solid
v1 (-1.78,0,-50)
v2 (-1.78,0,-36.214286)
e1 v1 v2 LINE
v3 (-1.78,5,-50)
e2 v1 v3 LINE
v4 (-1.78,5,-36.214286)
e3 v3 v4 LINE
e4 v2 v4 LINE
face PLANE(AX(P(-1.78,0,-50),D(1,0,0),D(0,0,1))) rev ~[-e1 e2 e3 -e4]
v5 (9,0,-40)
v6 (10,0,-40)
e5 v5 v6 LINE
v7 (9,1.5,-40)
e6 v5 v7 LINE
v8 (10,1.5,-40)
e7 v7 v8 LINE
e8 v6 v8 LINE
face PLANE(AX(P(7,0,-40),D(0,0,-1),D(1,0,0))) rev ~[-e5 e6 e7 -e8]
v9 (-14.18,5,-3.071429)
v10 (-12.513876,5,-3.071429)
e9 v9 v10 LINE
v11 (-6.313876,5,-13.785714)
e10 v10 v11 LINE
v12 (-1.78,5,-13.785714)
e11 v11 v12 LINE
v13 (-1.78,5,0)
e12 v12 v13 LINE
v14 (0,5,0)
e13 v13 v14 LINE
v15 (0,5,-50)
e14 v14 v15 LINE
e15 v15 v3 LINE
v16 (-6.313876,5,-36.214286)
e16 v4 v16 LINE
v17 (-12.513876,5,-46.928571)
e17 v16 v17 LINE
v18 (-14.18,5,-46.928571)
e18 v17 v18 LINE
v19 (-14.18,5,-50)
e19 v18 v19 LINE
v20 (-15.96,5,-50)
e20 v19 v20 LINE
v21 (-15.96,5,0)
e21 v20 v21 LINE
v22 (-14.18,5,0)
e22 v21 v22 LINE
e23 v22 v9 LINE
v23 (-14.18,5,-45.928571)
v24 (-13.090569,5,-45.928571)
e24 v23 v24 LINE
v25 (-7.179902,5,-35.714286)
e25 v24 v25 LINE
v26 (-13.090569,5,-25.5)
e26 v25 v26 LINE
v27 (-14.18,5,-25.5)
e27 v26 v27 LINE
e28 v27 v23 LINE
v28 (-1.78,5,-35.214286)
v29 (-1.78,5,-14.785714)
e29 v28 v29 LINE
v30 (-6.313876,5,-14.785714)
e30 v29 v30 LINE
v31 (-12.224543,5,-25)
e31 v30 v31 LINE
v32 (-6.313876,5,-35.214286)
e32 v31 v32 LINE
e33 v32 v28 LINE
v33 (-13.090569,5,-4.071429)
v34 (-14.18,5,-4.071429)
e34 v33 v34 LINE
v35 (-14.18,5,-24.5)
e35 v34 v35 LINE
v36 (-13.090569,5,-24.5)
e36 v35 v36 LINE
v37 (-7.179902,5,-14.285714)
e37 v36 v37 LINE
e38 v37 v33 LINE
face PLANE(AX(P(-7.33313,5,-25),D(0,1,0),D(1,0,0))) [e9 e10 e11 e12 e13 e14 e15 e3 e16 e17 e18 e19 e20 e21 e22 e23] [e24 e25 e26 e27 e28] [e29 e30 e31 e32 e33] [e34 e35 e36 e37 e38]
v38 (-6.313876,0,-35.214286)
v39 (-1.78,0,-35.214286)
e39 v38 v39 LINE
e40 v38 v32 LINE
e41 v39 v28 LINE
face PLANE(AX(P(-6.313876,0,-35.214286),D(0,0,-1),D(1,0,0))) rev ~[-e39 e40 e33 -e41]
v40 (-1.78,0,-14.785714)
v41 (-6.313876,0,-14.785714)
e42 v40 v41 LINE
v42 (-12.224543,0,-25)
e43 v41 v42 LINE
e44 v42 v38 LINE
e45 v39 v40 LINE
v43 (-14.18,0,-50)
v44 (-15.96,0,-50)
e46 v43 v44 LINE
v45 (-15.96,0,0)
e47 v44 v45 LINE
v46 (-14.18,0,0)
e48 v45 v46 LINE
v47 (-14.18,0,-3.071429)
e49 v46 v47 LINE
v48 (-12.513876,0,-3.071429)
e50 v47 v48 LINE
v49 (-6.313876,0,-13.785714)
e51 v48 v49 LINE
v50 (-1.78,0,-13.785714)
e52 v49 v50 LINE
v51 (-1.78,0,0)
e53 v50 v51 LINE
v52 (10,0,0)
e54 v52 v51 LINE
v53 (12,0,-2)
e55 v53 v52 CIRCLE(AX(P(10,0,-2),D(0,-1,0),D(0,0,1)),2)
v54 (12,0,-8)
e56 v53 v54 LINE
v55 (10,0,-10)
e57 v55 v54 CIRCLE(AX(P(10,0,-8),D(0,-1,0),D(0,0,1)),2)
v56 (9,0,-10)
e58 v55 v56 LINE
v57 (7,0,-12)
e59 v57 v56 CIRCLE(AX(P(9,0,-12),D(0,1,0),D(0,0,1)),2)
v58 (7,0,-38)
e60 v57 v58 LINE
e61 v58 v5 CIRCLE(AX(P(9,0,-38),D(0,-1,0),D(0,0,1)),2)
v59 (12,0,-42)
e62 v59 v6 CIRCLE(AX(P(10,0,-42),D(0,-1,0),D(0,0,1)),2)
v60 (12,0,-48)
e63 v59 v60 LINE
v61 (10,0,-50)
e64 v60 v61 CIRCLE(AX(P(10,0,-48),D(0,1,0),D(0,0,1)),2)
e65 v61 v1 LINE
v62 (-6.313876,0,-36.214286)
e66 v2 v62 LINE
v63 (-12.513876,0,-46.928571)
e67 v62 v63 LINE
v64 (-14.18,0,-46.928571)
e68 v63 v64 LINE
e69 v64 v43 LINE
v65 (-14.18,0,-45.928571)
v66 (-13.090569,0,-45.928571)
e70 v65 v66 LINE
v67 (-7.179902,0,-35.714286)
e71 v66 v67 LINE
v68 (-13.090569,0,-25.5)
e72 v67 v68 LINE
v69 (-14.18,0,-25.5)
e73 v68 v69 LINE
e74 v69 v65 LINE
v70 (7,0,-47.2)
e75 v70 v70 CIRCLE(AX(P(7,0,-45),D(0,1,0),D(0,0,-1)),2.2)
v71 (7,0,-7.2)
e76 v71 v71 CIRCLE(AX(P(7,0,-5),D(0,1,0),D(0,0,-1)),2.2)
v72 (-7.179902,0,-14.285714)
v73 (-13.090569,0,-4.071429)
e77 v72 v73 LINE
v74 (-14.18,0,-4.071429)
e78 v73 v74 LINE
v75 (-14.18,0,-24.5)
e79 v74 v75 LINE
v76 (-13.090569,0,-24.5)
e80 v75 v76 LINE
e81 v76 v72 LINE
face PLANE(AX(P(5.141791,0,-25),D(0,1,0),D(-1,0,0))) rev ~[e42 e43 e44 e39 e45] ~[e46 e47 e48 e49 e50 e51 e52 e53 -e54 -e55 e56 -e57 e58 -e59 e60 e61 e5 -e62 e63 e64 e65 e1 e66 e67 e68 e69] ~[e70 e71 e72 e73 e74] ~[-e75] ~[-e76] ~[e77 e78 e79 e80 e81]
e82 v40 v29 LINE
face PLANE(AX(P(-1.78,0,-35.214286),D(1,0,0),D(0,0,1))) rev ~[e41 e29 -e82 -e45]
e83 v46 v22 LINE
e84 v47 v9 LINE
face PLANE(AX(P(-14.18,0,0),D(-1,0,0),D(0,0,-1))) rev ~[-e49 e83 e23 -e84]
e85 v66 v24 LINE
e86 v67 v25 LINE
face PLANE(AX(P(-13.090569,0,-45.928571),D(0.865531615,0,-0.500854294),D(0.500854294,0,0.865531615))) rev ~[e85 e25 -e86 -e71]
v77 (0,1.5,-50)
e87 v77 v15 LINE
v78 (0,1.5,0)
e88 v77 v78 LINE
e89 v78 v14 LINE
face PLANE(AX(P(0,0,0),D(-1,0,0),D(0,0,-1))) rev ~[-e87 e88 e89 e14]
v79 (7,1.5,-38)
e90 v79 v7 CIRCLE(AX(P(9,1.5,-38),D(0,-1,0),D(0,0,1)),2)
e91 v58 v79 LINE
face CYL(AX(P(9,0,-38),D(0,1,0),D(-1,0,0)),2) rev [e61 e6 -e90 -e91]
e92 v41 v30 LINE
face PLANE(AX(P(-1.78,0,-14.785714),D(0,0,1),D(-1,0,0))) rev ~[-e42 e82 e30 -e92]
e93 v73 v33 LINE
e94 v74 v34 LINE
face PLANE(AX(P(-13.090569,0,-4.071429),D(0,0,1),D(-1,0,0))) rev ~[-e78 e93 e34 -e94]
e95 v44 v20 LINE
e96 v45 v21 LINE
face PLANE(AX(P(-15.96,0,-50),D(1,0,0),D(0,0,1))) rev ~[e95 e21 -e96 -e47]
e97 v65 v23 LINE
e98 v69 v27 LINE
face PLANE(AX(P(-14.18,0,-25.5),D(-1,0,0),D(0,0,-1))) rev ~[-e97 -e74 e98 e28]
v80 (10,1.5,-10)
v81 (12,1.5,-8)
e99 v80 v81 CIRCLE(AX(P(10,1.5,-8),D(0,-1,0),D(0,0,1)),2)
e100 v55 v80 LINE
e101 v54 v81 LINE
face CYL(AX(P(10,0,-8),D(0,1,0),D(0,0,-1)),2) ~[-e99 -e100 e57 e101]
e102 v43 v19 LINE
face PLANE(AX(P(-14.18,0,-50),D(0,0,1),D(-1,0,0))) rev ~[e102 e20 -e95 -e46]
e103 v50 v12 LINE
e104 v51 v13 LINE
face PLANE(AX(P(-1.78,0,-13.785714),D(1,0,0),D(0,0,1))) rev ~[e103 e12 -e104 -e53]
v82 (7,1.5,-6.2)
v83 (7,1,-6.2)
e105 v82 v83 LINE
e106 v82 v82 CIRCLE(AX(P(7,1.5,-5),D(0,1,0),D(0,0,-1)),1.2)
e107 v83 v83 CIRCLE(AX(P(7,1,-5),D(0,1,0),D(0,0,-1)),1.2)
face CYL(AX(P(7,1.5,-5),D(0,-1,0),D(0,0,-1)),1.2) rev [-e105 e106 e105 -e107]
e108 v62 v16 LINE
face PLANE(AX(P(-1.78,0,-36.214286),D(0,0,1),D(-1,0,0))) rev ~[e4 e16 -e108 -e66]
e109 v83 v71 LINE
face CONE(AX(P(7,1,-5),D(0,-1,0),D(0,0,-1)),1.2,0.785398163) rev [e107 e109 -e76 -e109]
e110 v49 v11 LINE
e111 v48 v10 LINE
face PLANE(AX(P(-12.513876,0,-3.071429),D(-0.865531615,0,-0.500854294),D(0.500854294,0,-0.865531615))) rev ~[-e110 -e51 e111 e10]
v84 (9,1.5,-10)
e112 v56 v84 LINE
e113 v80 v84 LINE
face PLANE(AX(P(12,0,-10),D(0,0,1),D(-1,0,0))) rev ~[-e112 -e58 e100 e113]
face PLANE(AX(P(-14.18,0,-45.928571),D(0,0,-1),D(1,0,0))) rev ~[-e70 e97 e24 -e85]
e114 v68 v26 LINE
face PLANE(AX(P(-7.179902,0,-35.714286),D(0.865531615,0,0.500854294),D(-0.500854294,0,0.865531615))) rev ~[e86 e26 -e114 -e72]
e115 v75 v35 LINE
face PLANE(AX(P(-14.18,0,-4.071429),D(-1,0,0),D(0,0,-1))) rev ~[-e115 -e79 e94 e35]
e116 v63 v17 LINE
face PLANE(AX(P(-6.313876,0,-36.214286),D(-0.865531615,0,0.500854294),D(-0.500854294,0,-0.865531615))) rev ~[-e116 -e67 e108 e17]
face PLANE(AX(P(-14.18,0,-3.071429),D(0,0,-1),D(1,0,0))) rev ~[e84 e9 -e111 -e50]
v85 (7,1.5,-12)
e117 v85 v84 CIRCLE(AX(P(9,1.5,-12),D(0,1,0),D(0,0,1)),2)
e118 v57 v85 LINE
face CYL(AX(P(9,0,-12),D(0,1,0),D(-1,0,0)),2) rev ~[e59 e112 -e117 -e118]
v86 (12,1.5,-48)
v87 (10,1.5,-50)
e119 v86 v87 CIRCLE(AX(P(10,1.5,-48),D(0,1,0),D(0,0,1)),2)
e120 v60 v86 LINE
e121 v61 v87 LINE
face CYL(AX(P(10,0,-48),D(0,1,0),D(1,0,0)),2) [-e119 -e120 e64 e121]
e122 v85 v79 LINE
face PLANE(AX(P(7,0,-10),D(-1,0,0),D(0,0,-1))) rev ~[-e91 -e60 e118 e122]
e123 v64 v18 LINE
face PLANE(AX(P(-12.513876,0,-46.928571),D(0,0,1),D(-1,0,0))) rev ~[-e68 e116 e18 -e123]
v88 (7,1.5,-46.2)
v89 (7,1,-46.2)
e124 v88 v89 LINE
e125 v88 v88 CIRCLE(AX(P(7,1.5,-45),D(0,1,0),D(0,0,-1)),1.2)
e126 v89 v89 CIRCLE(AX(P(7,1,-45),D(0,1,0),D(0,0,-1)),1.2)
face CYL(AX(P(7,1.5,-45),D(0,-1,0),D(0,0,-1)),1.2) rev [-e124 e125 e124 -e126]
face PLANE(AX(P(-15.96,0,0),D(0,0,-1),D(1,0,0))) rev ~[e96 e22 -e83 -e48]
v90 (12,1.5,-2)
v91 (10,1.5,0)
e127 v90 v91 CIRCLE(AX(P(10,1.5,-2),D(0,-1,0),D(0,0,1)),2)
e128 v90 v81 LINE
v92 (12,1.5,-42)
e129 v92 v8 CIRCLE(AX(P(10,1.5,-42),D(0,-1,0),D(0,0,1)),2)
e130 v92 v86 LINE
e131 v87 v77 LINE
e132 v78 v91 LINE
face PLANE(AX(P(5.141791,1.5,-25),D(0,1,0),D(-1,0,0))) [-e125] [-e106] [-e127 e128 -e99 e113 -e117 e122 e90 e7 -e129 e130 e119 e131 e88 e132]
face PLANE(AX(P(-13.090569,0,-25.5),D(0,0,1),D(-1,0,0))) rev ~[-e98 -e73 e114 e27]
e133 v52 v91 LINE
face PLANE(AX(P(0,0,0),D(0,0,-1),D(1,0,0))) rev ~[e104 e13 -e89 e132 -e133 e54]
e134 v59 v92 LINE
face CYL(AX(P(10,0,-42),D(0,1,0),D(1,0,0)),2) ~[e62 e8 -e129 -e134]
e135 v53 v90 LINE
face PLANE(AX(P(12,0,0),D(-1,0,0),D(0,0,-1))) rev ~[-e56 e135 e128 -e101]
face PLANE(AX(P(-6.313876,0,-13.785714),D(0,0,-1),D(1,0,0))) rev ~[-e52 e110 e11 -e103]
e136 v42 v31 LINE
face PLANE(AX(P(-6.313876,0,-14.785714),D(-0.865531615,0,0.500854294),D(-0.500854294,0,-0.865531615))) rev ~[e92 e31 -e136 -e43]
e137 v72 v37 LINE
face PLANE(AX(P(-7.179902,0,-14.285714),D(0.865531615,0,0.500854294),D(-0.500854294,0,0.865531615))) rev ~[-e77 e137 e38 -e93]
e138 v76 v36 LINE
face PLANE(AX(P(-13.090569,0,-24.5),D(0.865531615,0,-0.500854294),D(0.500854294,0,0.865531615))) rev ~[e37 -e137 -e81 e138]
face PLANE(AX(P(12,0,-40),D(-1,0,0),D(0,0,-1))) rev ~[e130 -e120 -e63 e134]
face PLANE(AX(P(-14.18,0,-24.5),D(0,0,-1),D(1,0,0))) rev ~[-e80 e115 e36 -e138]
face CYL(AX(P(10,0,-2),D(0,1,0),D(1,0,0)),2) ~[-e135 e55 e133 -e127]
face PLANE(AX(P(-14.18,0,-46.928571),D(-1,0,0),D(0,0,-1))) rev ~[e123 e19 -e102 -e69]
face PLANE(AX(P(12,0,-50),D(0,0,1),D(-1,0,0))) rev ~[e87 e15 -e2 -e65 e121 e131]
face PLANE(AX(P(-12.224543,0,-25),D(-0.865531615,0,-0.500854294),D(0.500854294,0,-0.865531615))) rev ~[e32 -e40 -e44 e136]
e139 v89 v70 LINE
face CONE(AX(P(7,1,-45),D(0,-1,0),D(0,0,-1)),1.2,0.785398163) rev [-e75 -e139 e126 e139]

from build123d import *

# Parameters (mm, degrees)
BOSS_EXTRUDE1_DEPTH                            = 5
BOSS_EXTRUDE3_DEPTH                            = 1.5
FILLET1_R                                      = 2
CSK_FOR_M2_FLAT_HEAD_MACHINE_SCREW1_AT_2_COUNT = 2
CSK_FOR_M2_FLAT_HEAD_MACHINE_SCREW1_AT_2_PITCH = 40


with BuildPart() as part:
    # Sketch1 → Boss-Extrude1 (new body)
    with BuildSketch(Plane(origin=(0, 0, 0), x_dir=(1, 0, 0), z_dir=(0, 1, 0))):
        Polygon((-14.18, 46.928571429), (-14.18, 50), (-15.96, 50), (-15.96, 0), (-14.18, 0), (-14.18, 3.071428571), (-12.513875906, 3.071428571), (-6.313875906, 13.785714286), (-1.78, 13.785714286), (-1.78, 0), (0, 0), (0, 50), (-1.78, 50), (-1.78, 36.214285714), (-6.313875906, 36.214285714), (-12.513875906, 46.928571429), align=None)
        Polygon((-14.18, 4.071428571), (-14.18, 24.5), (-13.090568539, 24.5), (-7.179901872, 14.285714286), (-13.090568539, 4.071428571), align=None, mode=Mode.SUBTRACT)
        Polygon((-13.090568539, 45.928571429), (-7.179901872, 35.714285714), (-13.090568539, 25.5), (-14.18, 25.5), (-14.18, 45.928571429), align=None, mode=Mode.SUBTRACT)
        Polygon((-6.313875906, 14.785714286), (-12.224542572, 25), (-6.313875906, 35.214285714), (-1.78, 35.214285714), (-1.78, 14.785714286), align=None, mode=Mode.SUBTRACT)
    extrude(amount=BOSS_EXTRUDE1_DEPTH)

    # Sketch5 → Boss-Extrude3 (add)
    with BuildSketch(Plane.XZ):
        Polygon((12, -40), (12, -50), (0, -50), (0, 0), (12, 0), (12, -10), (7, -10), (7, -40), align=None)
    extrude(amount=-BOSS_EXTRUDE3_DEPTH)

    # Fillet1
    fillet1_edges = [part.edges().sort_by_distance(p)[0] for p in [
        (12, 0.75, 0),
        (12, 0.75, -10),
        (7, 0.75, -10),
        (7, 0.75, -40),
        (12, 0.75, -40),
        (12, 0.75, -50),
    ]]
    fillet(fillet1_edges, radius=FILLET1_R)

    # Sketch6 → CSK for M2 Flat Head Machine Screw1 (revolve, cut)
    with BuildSketch(Plane(origin=(7, 0, -5), x_dir=(0, 0, -1), z_dir=(1, 0, 0))):
        Polygon((0, 0), (0, 1.5), (1.2, 1.5), (1.2, 1), (2.2, 0), align=None)
    csk_for_m2_flat_head_machine_screw1 = revolve(axis=Axis((7, -6.35, -5), (0, 1, 0)), mode=Mode.SUBTRACT)

    # CSK for M2 Flat Head Machine Screw1 at 2: CSK for M2 Flat Head Machine Screw1 ×2
    with Locations(*[(0, 0, -i * CSK_FOR_M2_FLAT_HEAD_MACHINE_SCREW1_AT_2_PITCH) for i in range(1, CSK_FOR_M2_FLAT_HEAD_MACHINE_SCREW1_AT_2_COUNT)]):
        add(csk_for_m2_flat_head_machine_screw1, mode=Mode.SUBTRACT)


solid = part.part
